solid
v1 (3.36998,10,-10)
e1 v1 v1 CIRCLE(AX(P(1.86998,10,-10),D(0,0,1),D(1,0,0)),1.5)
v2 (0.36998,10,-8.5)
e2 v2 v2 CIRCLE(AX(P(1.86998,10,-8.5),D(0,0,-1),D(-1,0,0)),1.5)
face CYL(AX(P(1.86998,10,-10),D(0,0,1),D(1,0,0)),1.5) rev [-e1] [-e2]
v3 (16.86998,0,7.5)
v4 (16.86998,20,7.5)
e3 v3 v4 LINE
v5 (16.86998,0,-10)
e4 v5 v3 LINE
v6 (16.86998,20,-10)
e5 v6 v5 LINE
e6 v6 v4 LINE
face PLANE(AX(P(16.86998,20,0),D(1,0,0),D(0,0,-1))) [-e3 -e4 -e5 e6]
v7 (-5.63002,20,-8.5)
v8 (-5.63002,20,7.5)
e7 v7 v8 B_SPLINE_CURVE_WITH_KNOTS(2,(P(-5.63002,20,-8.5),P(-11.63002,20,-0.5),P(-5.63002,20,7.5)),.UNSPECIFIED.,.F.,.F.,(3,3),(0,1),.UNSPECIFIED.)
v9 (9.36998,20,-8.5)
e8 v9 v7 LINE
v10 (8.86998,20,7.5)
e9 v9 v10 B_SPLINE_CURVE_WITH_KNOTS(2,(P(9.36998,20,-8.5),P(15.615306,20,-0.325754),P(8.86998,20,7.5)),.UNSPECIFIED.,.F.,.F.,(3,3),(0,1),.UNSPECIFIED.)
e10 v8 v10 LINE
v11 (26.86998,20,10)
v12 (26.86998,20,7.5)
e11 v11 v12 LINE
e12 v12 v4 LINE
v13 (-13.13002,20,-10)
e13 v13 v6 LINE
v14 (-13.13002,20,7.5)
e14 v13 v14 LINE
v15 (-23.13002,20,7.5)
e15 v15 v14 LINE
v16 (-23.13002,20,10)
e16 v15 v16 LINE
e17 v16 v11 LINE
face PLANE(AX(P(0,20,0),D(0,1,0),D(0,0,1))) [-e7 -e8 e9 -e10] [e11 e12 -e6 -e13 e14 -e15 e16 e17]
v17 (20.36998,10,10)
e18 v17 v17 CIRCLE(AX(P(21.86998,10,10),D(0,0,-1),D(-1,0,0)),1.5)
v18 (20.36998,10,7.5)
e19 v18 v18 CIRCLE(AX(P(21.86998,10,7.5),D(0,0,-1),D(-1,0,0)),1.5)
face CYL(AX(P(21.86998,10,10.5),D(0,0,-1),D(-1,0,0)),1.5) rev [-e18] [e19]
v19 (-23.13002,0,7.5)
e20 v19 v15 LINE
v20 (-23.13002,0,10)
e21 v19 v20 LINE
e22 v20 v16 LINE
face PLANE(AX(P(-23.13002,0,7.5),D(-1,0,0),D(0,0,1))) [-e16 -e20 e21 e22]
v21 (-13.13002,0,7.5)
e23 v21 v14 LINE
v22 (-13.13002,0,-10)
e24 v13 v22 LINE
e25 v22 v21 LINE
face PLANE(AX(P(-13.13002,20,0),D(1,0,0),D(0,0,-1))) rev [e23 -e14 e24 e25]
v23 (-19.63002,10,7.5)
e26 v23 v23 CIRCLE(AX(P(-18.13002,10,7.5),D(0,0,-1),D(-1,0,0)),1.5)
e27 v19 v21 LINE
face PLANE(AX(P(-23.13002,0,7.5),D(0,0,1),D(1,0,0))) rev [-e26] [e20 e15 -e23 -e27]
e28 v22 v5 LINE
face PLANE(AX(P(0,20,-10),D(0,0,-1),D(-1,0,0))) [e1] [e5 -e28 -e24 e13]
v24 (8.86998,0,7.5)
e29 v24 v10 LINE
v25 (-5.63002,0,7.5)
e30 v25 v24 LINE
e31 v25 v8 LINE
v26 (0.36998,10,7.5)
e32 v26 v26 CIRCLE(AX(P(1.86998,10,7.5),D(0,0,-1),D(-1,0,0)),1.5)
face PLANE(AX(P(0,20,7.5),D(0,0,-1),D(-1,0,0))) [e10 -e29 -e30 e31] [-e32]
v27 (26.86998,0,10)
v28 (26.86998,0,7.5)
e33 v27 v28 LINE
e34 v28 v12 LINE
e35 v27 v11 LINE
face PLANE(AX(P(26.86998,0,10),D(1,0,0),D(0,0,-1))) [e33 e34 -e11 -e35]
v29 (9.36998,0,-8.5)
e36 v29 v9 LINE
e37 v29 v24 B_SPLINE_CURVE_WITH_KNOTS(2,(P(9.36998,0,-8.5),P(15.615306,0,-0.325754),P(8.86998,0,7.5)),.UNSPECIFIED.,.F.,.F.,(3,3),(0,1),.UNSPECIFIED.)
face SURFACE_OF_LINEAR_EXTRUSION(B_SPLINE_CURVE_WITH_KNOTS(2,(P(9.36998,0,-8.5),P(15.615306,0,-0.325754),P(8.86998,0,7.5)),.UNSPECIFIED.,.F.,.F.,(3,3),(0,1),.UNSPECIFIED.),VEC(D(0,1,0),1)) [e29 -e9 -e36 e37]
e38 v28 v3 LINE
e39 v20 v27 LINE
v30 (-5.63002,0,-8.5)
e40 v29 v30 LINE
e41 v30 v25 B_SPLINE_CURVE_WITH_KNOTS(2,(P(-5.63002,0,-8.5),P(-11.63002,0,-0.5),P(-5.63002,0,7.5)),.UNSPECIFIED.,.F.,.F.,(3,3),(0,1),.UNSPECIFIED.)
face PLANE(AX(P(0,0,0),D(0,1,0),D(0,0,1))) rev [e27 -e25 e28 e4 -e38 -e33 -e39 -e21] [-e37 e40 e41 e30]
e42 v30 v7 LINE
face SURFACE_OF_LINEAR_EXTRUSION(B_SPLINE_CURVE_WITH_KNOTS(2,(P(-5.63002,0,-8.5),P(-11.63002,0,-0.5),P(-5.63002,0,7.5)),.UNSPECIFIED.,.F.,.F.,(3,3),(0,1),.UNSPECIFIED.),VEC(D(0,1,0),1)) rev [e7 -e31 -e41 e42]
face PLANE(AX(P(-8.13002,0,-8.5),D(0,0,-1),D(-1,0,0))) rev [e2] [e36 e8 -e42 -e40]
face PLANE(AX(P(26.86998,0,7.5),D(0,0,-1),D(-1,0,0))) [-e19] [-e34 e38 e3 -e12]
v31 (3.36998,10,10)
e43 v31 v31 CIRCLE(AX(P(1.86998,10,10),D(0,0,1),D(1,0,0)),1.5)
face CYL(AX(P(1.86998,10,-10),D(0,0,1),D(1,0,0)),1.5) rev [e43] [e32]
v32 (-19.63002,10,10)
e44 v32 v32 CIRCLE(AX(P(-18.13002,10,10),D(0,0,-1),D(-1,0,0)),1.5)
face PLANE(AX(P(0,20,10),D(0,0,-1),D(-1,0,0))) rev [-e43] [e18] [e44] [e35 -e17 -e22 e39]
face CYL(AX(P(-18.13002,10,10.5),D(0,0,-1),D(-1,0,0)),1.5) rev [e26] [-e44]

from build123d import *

# Parameters (mm, degrees)
BOSS_EXTRUDE3_DEPTH  = 20
SKETCH3_W            = 10
SKETCH3_H            = 2.5
BOSS_EXTRUDE4_DEPTH  = 20
SKETCH4_R            = 1.5
CUT_EXTRUDE1_DEPTH   = 3
BOSS_EXTRUDE5_DEPTH  = 20
SKETCH6_W            = 20
SKETCH6_H            = 0.5
CUT_EXTRUDE2_DEPTH   = 20
BOSS_EXTRUDE11_DEPTH = 20
CUT_EXTRUDE4_DEPTH   = 20
SKETCH11_W           = 20
SKETCH11_H           = 0.5
CUT_EXTRUDE5_DEPTH   = 20
BOSS_EXTRUDE14_DEPTH = 20
CUT_EXTRUDE9_DEPTH   = 20
CUT_EXTRUDE12_DEPTH  = 20
CUT_EXTRUDE13_DEPTH  = 20
BOSS_EXTRUDE16_DEPTH = 20
BOSS_EXTRUDE17_DEPTH = 20
CUT_EXTRUDE14_DEPTH  = 20


with BuildPart() as part:
    # Sketch1 → Boss-Extrude3 (new body)
    with BuildSketch(Plane(origin=(0, 0, 0), x_dir=(1, 0, 0), z_dir=(0, 1, 0))):
        with BuildLine():
            add(Edge.make_bspline(
                [(-8.130019969, 7.5), (-11.130019969, 3.75), (-11.130019969, 0)],
                knots=[0, 0, 0, 0.5, 0.5, 0.5], degree=2))
            Line((-8.130019969, 7.5), (-13.130019969, 7.5))
            Line((-13.130019969, 7.5), (-13.130019969, -10))
            Line((-13.130019969, -10), (16.869980031, -10))
            Line((16.869980031, -10), (16.869980031, -7.5))
            Line((16.869980031, -7.5), (11.869980031, -7.5))
            Line((11.869980031, -7.5), (-8.130019969, -7.5))
            add(Edge.make_bspline(
                [(-11.130019969, 0), (-11.130019969, -3.75), (-8.130019969, -7.5)],
                knots=[0.5, 0.5, 0.5, 1, 1, 1], degree=2))
        make_face()
        with BuildLine():
            Line((-13.130019969, 7.5), (-8.130019969, 7.5))
            Line((-8.130019969, 7.5), (11.869980031, 7.5))
            add(Edge.make_bspline(
                [(11.869980031, 7.5), (14.869980031, 3.75), (14.869980031, 0)],
                knots=[0, 0, 0, 0.5, 0.5, 0.5], degree=2))
            add(Edge.make_bspline(
                [(14.869980031, 0), (14.869980031, -3.75), (11.869980031, -7.5)],
                knots=[0.5, 0.5, 0.5, 1, 1, 1], degree=2))
            Line((11.869980031, -7.5), (16.869980031, -7.5))
            Line((16.869980031, -7.5), (16.869980031, 10))
            Line((16.869980031, 10), (-13.130019969, 10))
            Line((-13.130019969, 10), (-13.130019969, 7.5))
        make_face()
    extrude(amount=BOSS_EXTRUDE3_DEPTH)

    # Sketch3 → Boss-Extrude4 (add)
    with BuildSketch(Plane(origin=(0, 20, 0), x_dir=(1, 0, 0), z_dir=(0, 1, 0))):
        with Locations((-18.130019969, -8.75)):
            Rectangle(SKETCH3_W, SKETCH3_H)
        with Locations((21.869980031, -8.75)):
            Rectangle(SKETCH3_W, SKETCH3_H)
    extrude(amount=-BOSS_EXTRUDE4_DEPTH)

    # Sketch4 → Cut-Extrude1 (cut)
    with BuildSketch(Plane(origin=(0, 0, 7.5), x_dir=(-1, 0, 0), z_dir=(0, 0, -1))):
        with Locations((18.130019969, 10)):
            Circle(SKETCH4_R)
        with Locations((-21.869980031, 10)):
            Circle(SKETCH4_R)
    extrude(amount=-CUT_EXTRUDE1_DEPTH, mode=Mode.SUBTRACT)

    # Sketch5 → Boss-Extrude5 (add)
    with BuildSketch(Plane(origin=(0, 20, 0), x_dir=(1, 0, 0), z_dir=(0, 1, 0))):
        with BuildLine():
            Line((-8.130019969, 7.5), (-8.130019969, -7.5))
            add(Edge.make_bspline(
                [(-8.130019969, -7.5), (-14.130019969, 0), (-8.130019969, 7.5)],
                knots=[0, 0, 0, 1, 1, 1], degree=2))
        make_face()
        with BuildLine():
            Line((11.869980031, 7.5), (11.869980031, -7.5))
            add(Edge.make_bspline(
                [(11.869980031, 7.5), (17.869980031, 0), (11.869980031, -7.5)],
                knots=[0, 0, 0, 1, 1, 1], degree=2))
        make_face()
    extrude(amount=-BOSS_EXTRUDE5_DEPTH)

    # Sketch6 → Cut-Extrude2 (cut)
    with BuildSketch(Plane(origin=(0, 20, 0), x_dir=(1, 0, 0), z_dir=(0, 1, 0))):
        with Locations((1.869980031, 7.75)):
            Rectangle(SKETCH6_W, SKETCH6_H)
    extrude(amount=-CUT_EXTRUDE2_DEPTH, mode=Mode.SUBTRACT)

    # Sketch8 → Boss-Extrude11 (add)
    with BuildSketch(Plane(origin=(0, 20, 0), x_dir=(1, 0, 0), z_dir=(0, 1, 0))):
        with BuildLine():
            Line((-5.130019969, 8), (-8.130019969, 8))
            Line((-8.130019969, 8), (-8.130019969, 0.25))
            add(Edge.make_bspline(
                [(-8.130019969, 0.25), (-8.130019969, 4.125), (-5.130019969, 8)],
                knots=[0.5, 0.5, 0.5, 1, 1, 1], degree=2))
        make_face()
        with BuildLine():
            add(Edge.make_bspline(
                [(-5.130019969, -7.5), (-8.130019969, -3.625), (-8.130019969, 0.25)],
                knots=[0, 0, 0, 0.5, 0.5, 0.5], degree=2))
            Line((-8.130019969, 0.25), (-8.130019969, -7.5))
            Line((-8.130019969, -7.5), (-5.130019969, -7.5))
        make_face()
        with BuildLine():
            Line((11.869980031, 8), (8.869980031, 8))
            add(Edge.make_bspline(
                [(8.869980031, 8), (11.869980028, 4.125000005), (11.869980031, 0.25000001)],
                knots=[0, 0, 0, 0.499999999, 0.499999999, 0.499999999], degree=2))
            Line((11.869980031, 0.25000001), (11.869980031, 8))
        make_face()
        with BuildLine():
            Line((11.869980031, -7.5), (11.869980031, 0.25000001))
            add(Edge.make_bspline(
                [(11.869980031, 0.25000001), (11.869980035, -3.624999995), (8.869980031, -7.5)],
                knots=[0.499999999, 0.499999999, 0.499999999, 1, 1, 1], degree=2))
            Line((8.869980031, -7.5), (11.869980031, -7.5))
        make_face()
    extrude(amount=-BOSS_EXTRUDE11_DEPTH)

    # Sketch10 → Cut-Extrude4 (cut)
    with BuildSketch(Plane(origin=(0, 20, 0), x_dir=(1, 0, 0), z_dir=(0, 1, 0))):
        with BuildLine():
            add(Edge.make_bspline(
                [(-8.130019969, 0.25), (-8.130019969, 4.125), (-5.130019969, 8)],
                knots=[0.5, 0.5, 0.5, 1, 1, 1], degree=2))
            Line((-5.130019969, 8), (-8.130019969, 8))
            Line((-8.130019969, 8), (-8.130019969, 0.25))
        make_face()
        with BuildLine():
            Line((-8.130019969, -7.5), (-5.130019969, -7.5))
            add(Edge.make_bspline(
                [(-5.130019969, -7.5), (-8.130019969, -3.625), (-8.130019969, 0.25)],
                knots=[0, 0, 0, 0.5, 0.5, 0.5], degree=2))
            Line((-8.130019969, 0.25), (-8.130019969, -7.5))
        make_face()
        with BuildLine():
            add(Edge.make_bspline(
                [(11.869980031, 0.25000001), (11.869980035, -3.624999995), (8.869980031, -7.5)],
                knots=[0.499999999, 0.499999999, 0.499999999, 1, 1, 1], degree=2))
            Line((8.869980031, -7.5), (11.869980031, -7.5))
            Line((11.869980031, -7.5), (11.869980031, 0.25000001))
        make_face()
        with BuildLine():
            Line((11.869980031, 8), (8.869980031, 8))
            add(Edge.make_bspline(
                [(8.869980031, 8), (11.869980028, 4.125000005), (11.869980031, 0.25000001)],
                knots=[0, 0, 0, 0.499999999, 0.499999999, 0.499999999], degree=2))
            Line((11.869980031, 0.25000001), (11.869980031, 8))
        make_face()
    extrude(amount=-CUT_EXTRUDE4_DEPTH, mode=Mode.SUBTRACT)

    # Sketch11 → Cut-Extrude5 (cut)
    with BuildSketch(Plane(origin=(0, 20, 0), x_dir=(1, 0, 0), z_dir=(0, 1, 0))):
        with Locations((1.869980031, 8.25)):
            Rectangle(SKETCH11_W, SKETCH11_H)
    extrude(amount=-CUT_EXTRUDE5_DEPTH, mode=Mode.SUBTRACT)

    # Sketch12 → Boss-Extrude14 (add)
    with BuildSketch(Plane(origin=(0, 20, 0), x_dir=(1, 0, 0), z_dir=(0, 1, 0))):
        with BuildLine():
            Line((-8.130019969, 8.5), (-8.130019969, 0.5))
            add(Edge.make_bspline(
                [(-5.130019969, 8.5), (-8.130019969, 4.5), (-8.130019969, 0.5)],
                knots=[0, 0, 0, 0.5, 0.5, 0.5], degree=2))
            Line((-5.130019969, 8.5), (-8.130019969, 8.5))
        make_face()
        with BuildLine():
            add(Edge.make_bspline(
                [(-8.130019969, 0.5), (-8.130019969, -3.5), (-5.130019969, -7.5)],
                knots=[0.5, 0.5, 0.5, 1, 1, 1], degree=2))
            Line((-8.130019969, 0.5), (-8.130019969, -7.5))
            Line((-8.130019969, -7.5), (-5.130019969, -7.5))
        make_face()
        with BuildLine():
            add(Edge.make_bspline(
                [(11.869980031, 0.5), (11.869980031, -3.5), (8.869980031, -7.5)],
                knots=[0.5, 0.5, 0.5, 1, 1, 1], degree=2))
            Line((8.869980031, -7.5), (11.869980031, -7.5))
            Line((11.869980031, -7.5), (11.869980031, 0.5))
        make_face()
        with BuildLine():
            Line((11.869980031, 8.5), (8.869980031, 8.5))
            add(Edge.make_bspline(
                [(8.869980031, 8.5), (11.869980031, 4.5), (11.869980031, 0.5)],
                knots=[0, 0, 0, 0.5, 0.5, 0.5], degree=2))
            Line((11.869980031, 0.5), (11.869980031, 8.5))
        make_face()
    extrude(amount=-BOSS_EXTRUDE14_DEPTH)

    # Sketch14 → Cut-Extrude9 (cut)
    with BuildSketch(Plane.XY.offset(10)):
        with BuildLine():
            ThreePointArc((0.369980031, 10), (0.80931986, 8.939339828), (1.869980031, 8.5))
            Line((1.869980031, 8.5), (1.869980031, 10))
            Line((1.869980031, 10), (0.369980031, 10))
        make_face()
        with BuildLine():
            Line((1.869980031, 10), (1.869980031, 8.5))
            ThreePointArc((1.869980031, 8.5), (2.930640203, 8.939339828), (3.369980031, 10))
            ThreePointArc((3.369980031, 10), (1.869980031, 11.5), (0.369980031, 10))
            Line((0.369980031, 10), (1.869980031, 10))
        make_face()
        with BuildLine():
            ThreePointArc((0.369980031, 10), (0.80931986, 8.939339828), (1.869980031, 8.5))
            Line((1.869980031, 8.5), (1.869980031, 10))
            Line((1.869980031, 10), (0.369980031, 10))
        make_face()
        with BuildLine():
            Line((1.869980031, 10), (1.869980031, 8.5))
            ThreePointArc((1.869980031, 8.5), (2.930640203, 8.939339828), (3.369980031, 10))
            ThreePointArc((3.369980031, 10), (1.869980031, 11.5), (0.369980031, 10))
            Line((0.369980031, 10), (1.869980031, 10))
        make_face()
    extrude(amount=-CUT_EXTRUDE9_DEPTH, mode=Mode.SUBTRACT)

    # Sketch15 → Cut-Extrude12 (cut)
    with BuildSketch(Plane(origin=(0, 20, 0), x_dir=(1, 0, 0), z_dir=(0, 1, 0))):
        with BuildLine():
            add(Edge.make_bspline(
                [(-5.130019969, 8.5), (-8.130019937, 4.500000043), (-8.130019969, 0.500000085)],
                knots=[0, 0, 0, 0.499999995, 0.499999995, 0.499999995], degree=2))
            Line((-5.130019969, 8.5), (-5.630019969, 8.5))
            add(Edge.make_bspline(
                [(-5.630019969, 8.5), (-8.130019942, 4.500000043), (-8.130019969, 0.500000085)],
                knots=[0, 0, 0, 0.499999995, 0.499999995, 0.499999995], degree=2))
        make_face()
        with BuildLine():
            add(Edge.make_bspline(
                [(-8.130019969, 0.500000085), (-8.13002, -3.499999957), (-5.130019969, -7.5)],
                knots=[0.499999995, 0.499999995, 0.499999995, 1, 1, 1], degree=2))
            add(Edge.make_bspline(
                [(-8.130019969, 0.500000085), (-8.130019995, -3.499999957), (-5.630019969, -7.5)],
                knots=[0.499999995, 0.499999995, 0.499999995, 1, 1, 1], degree=2))
            Line((-5.630019969, -7.5), (-5.130019969, -7.5))
        make_face()
        with BuildLine():
            Line((-4.630019969, 8.5), (-5.130019969, 8.5))
            add(Edge.make_bspline(
                [(-5.130019969, 8.5), (-8.130019937, 4.500000043), (-8.130019969, 0.500000085)],
                knots=[0, 0, 0, 0.499999995, 0.499999995, 0.499999995], degree=2))
            add(Edge.make_bspline(
                [(-8.130019969, 0.500000085), (-8.13002, -3.499999957), (-5.130019969, -7.5)],
                knots=[0.499999995, 0.499999995, 0.499999995, 1, 1, 1], degree=2))
            Line((-5.130019969, -7.5), (-4.630019969, -7.5))
            Line((-4.630019969, -7.5), (-4.630019969, 8.5))
        make_face()
    extrude(amount=-CUT_EXTRUDE12_DEPTH, mode=Mode.SUBTRACT)

    # Sketch17 → Cut-Extrude13 (cut)
    with BuildSketch(Plane(origin=(0, 20, 0), x_dir=(1, 0, 0), z_dir=(0, 1, 0))):
        with BuildLine():
            add(Edge.make_bspline(
                [(-8.130019969, 0.5), (-8.130019968, 4.5), (-5.630019969, 8.5)],
                knots=[0.5, 0.5, 0.5, 1, 1, 1], degree=2))
            add(Edge.make_bspline(
                [(-5.630019969, 8.5), (-8.630019969, 4.5), (-8.630019969, 0.5)],
                knots=[0, 0, 0, 0.5, 0.5, 0.5], degree=2))
            Line((-8.630019969, 0.5), (-8.130019969, 0.5))
        make_face()
        with BuildLine():
            Line((-8.130019969, 0.5), (-8.630019969, 0.5))
            add(Edge.make_bspline(
                [(-8.630019969, 0.5), (-8.630019969, -3.5), (-5.630019969, -7.5)],
                knots=[0.5, 0.5, 0.5, 1, 1, 1], degree=2))
            add(Edge.make_bspline(
                [(-5.630019969, -7.5), (-8.130019969, -3.5), (-8.130019969, 0.5)],
                knots=[0, 0, 0, 0.5, 0.5, 0.5], degree=2))
        make_face()
        with BuildLine():
            add(Edge.make_bspline(
                [(-8.130019969, 0.5), (-8.130019968, 4.5), (-5.630019969, 8.5)],
                knots=[0.5, 0.5, 0.5, 1, 1, 1], degree=2))
            add(Edge.make_bspline(
                [(-5.630019969, 8.5), (-8.630019969, 4.5), (-8.630019969, 0.5)],
                knots=[0, 0, 0, 0.5, 0.5, 0.5], degree=2))
            Line((-8.630019969, 0.5), (-8.130019969, 0.5))
        make_face()
        with BuildLine():
            Line((-8.130019969, 0.5), (-8.630019969, 0.5))
            add(Edge.make_bspline(
                [(-8.630019969, 0.5), (-8.630019969, -3.5), (-5.630019969, -7.5)],
                knots=[0.5, 0.5, 0.5, 1, 1, 1], degree=2))
            add(Edge.make_bspline(
                [(-5.630019969, -7.5), (-8.130019969, -3.5), (-8.130019969, 0.5)],
                knots=[0, 0, 0, 0.5, 0.5, 0.5], degree=2))
        make_face()
        with BuildLine():
            Line((-5.630019969, 0.5), (-5.630019969, 8.5))
            add(Edge.make_bspline(
                [(-8.130019969, 0.5), (-8.130019968, 4.5), (-5.630019969, 8.5)],
                knots=[0.5, 0.5, 0.5, 1, 1, 1], degree=2))
            Line((-8.130019969, 0.5), (-5.630019969, 0.5))
        make_face()
        with BuildLine():
            Line((-5.630019969, -7.5), (-5.630019969, 0.5))
            Line((-5.630019969, 0.5), (-8.130019969, 0.5))
            add(Edge.make_bspline(
                [(-5.630019969, -7.5), (-8.130019969, -3.5), (-8.130019969, 0.5)],
                knots=[0, 0, 0, 0.5, 0.5, 0.5], degree=2))
        make_face()
        with BuildLine():
            Line((-5.630019969, 0.5), (-5.630019969, 8.5))
            add(Edge.make_bspline(
                [(-8.130019969, 0.5), (-8.130019968, 4.5), (-5.630019969, 8.5)],
                knots=[0.5, 0.5, 0.5, 1, 1, 1], degree=2))
            Line((-8.130019969, 0.5), (-5.630019969, 0.5))
        make_face()
        with BuildLine():
            Line((-5.630019969, -7.5), (-5.630019969, 0.5))
            Line((-5.630019969, 0.5), (-8.130019969, 0.5))
            add(Edge.make_bspline(
                [(-5.630019969, -7.5), (-8.130019969, -3.5), (-8.130019969, 0.5)],
                knots=[0, 0, 0, 0.5, 0.5, 0.5], degree=2))
        make_face()
    extrude(amount=-CUT_EXTRUDE13_DEPTH, mode=Mode.SUBTRACT)

    # Sketch18 → Boss-Extrude16 (add)
    with BuildSketch(Plane(origin=(0, 20, 0), x_dir=(1, 0, 0), z_dir=(0, 1, 0))):
        with BuildLine():
            add(Edge.make_bspline(
                [(8.869980031, 8.5), (9.131367244, 8.151483717), (9.369980031, 7.802967433)],
                knots=[0, 0, 0, 0.043564535, 0.043564535, 0.043564535], degree=2))
            Line((8.869980031, 8.5), (8.869980031, -7.5))
            add(Edge.make_bspline(
                [(9.369980031, -6.802967433), (9.131367244, -7.151483717), (8.869980031, -7.5)],
                knots=[0.956435465, 0.956435465, 0.956435465, 1, 1, 1], degree=2))
            Line((9.369980031, -6.802967433), (9.369980031, 7.802967433))
        make_face()
    extrude(amount=-BOSS_EXTRUDE16_DEPTH)

    # Sketch19 → Boss-Extrude17 (add)
    with BuildSketch(Plane(origin=(0, 20, 0), x_dir=(1, 0, 0), z_dir=(0, 1, 0))):
        with BuildLine():
            Line((9.369980032, 7.802967433), (9.369980032, -6.802967433))
            add(Edge.make_bspline(
                [(9.369980032, 7.802967433), (14.369980032, 0.5), (9.369980032, -6.802967433)],
                knots=[0, 0, 0, 1, 1, 1], degree=2))
        make_face()
    extrude(amount=-BOSS_EXTRUDE17_DEPTH)

    # Sketch20 → Cut-Extrude14 (cut)
    with BuildSketch(Plane(origin=(0, 20, 0), x_dir=(1, 0, 0), z_dir=(0, 1, 0))):
        with BuildLine():
            Line((8.869980031, 8.5), (8.869980031, 0.5))
            Line((8.869980031, 0.5), (11.869980031, 0.5))
            add(Edge.make_bspline(
                [(8.869980031, 8.5), (11.869980031, 4.5), (11.869980031, 0.5)],
                knots=[0, 0, 0, 0.5, 0.5, 0.5], degree=2))
        make_face()
        with BuildLine():
            Line((11.869980031, 0.5), (8.869980031, 0.5))
            Line((8.869980031, 0.5), (8.869980031, -7.5))
            add(Edge.make_bspline(
                [(11.869980031, 0.5), (11.869980031, -3.5), (8.869980031, -7.5)],
                knots=[0.5, 0.5, 0.5, 1, 1, 1], degree=2))
        make_face()
        with BuildLine():
            Line((8.869980031, 8.5), (8.869980031, 0.5))
            Line((8.869980031, 0.5), (11.869980031, 0.5))
            add(Edge.make_bspline(
                [(8.869980031, 8.5), (11.869980031, 4.5), (11.869980031, 0.5)],
                knots=[0, 0, 0, 0.5, 0.5, 0.5], degree=2))
        make_face()
        with BuildLine():
            Line((11.869980031, 0.5), (8.869980031, 0.5))
            Line((8.869980031, 0.5), (8.869980031, -7.5))
            add(Edge.make_bspline(
                [(11.869980031, 0.5), (11.869980031, -3.5), (8.869980031, -7.5)],
                knots=[0.5, 0.5, 0.5, 1, 1, 1], degree=2))
        make_face()
        with BuildLine():
            add(Edge.make_bspline(
                [(8.869980031, 8.5), (11.869980031, 4.5), (11.869980031, 0.5)],
                knots=[0, 0, 0, 0.5, 0.5, 0.5], degree=2))
            Line((11.869980031, 0.5), (12.369980031, 0.5))
            add(Edge.make_bspline(
                [(9.369980031, 8.5), (12.458639974, 4.457382103), (12.369980031, 0.5)],
                knots=[0, 0, 0, 0.494555468, 0.494555468, 0.494555468], degree=2))
            Line((9.369980031, 8.5), (8.869980031, 8.5))
        make_face()
        with BuildLine():
            Line((12.369980031, 0.5), (11.869980031, 0.5))
            add(Edge.make_bspline(
                [(11.869980031, 0.5), (11.869980031, -3.5), (8.869980031, -7.5)],
                knots=[0.5, 0.5, 0.5, 1, 1, 1], degree=2))
            add(Edge.make_bspline(
                [(12.369980031, 0.5), (12.279367985, -3.544515269), (8.869980031, -7.5)],
                knots=[0.494555468, 0.494555468, 0.494555468, 1, 1, 1], degree=2))
        make_face()
    extrude(amount=-CUT_EXTRUDE14_DEPTH, mode=Mode.SUBTRACT)


solid = part.part
